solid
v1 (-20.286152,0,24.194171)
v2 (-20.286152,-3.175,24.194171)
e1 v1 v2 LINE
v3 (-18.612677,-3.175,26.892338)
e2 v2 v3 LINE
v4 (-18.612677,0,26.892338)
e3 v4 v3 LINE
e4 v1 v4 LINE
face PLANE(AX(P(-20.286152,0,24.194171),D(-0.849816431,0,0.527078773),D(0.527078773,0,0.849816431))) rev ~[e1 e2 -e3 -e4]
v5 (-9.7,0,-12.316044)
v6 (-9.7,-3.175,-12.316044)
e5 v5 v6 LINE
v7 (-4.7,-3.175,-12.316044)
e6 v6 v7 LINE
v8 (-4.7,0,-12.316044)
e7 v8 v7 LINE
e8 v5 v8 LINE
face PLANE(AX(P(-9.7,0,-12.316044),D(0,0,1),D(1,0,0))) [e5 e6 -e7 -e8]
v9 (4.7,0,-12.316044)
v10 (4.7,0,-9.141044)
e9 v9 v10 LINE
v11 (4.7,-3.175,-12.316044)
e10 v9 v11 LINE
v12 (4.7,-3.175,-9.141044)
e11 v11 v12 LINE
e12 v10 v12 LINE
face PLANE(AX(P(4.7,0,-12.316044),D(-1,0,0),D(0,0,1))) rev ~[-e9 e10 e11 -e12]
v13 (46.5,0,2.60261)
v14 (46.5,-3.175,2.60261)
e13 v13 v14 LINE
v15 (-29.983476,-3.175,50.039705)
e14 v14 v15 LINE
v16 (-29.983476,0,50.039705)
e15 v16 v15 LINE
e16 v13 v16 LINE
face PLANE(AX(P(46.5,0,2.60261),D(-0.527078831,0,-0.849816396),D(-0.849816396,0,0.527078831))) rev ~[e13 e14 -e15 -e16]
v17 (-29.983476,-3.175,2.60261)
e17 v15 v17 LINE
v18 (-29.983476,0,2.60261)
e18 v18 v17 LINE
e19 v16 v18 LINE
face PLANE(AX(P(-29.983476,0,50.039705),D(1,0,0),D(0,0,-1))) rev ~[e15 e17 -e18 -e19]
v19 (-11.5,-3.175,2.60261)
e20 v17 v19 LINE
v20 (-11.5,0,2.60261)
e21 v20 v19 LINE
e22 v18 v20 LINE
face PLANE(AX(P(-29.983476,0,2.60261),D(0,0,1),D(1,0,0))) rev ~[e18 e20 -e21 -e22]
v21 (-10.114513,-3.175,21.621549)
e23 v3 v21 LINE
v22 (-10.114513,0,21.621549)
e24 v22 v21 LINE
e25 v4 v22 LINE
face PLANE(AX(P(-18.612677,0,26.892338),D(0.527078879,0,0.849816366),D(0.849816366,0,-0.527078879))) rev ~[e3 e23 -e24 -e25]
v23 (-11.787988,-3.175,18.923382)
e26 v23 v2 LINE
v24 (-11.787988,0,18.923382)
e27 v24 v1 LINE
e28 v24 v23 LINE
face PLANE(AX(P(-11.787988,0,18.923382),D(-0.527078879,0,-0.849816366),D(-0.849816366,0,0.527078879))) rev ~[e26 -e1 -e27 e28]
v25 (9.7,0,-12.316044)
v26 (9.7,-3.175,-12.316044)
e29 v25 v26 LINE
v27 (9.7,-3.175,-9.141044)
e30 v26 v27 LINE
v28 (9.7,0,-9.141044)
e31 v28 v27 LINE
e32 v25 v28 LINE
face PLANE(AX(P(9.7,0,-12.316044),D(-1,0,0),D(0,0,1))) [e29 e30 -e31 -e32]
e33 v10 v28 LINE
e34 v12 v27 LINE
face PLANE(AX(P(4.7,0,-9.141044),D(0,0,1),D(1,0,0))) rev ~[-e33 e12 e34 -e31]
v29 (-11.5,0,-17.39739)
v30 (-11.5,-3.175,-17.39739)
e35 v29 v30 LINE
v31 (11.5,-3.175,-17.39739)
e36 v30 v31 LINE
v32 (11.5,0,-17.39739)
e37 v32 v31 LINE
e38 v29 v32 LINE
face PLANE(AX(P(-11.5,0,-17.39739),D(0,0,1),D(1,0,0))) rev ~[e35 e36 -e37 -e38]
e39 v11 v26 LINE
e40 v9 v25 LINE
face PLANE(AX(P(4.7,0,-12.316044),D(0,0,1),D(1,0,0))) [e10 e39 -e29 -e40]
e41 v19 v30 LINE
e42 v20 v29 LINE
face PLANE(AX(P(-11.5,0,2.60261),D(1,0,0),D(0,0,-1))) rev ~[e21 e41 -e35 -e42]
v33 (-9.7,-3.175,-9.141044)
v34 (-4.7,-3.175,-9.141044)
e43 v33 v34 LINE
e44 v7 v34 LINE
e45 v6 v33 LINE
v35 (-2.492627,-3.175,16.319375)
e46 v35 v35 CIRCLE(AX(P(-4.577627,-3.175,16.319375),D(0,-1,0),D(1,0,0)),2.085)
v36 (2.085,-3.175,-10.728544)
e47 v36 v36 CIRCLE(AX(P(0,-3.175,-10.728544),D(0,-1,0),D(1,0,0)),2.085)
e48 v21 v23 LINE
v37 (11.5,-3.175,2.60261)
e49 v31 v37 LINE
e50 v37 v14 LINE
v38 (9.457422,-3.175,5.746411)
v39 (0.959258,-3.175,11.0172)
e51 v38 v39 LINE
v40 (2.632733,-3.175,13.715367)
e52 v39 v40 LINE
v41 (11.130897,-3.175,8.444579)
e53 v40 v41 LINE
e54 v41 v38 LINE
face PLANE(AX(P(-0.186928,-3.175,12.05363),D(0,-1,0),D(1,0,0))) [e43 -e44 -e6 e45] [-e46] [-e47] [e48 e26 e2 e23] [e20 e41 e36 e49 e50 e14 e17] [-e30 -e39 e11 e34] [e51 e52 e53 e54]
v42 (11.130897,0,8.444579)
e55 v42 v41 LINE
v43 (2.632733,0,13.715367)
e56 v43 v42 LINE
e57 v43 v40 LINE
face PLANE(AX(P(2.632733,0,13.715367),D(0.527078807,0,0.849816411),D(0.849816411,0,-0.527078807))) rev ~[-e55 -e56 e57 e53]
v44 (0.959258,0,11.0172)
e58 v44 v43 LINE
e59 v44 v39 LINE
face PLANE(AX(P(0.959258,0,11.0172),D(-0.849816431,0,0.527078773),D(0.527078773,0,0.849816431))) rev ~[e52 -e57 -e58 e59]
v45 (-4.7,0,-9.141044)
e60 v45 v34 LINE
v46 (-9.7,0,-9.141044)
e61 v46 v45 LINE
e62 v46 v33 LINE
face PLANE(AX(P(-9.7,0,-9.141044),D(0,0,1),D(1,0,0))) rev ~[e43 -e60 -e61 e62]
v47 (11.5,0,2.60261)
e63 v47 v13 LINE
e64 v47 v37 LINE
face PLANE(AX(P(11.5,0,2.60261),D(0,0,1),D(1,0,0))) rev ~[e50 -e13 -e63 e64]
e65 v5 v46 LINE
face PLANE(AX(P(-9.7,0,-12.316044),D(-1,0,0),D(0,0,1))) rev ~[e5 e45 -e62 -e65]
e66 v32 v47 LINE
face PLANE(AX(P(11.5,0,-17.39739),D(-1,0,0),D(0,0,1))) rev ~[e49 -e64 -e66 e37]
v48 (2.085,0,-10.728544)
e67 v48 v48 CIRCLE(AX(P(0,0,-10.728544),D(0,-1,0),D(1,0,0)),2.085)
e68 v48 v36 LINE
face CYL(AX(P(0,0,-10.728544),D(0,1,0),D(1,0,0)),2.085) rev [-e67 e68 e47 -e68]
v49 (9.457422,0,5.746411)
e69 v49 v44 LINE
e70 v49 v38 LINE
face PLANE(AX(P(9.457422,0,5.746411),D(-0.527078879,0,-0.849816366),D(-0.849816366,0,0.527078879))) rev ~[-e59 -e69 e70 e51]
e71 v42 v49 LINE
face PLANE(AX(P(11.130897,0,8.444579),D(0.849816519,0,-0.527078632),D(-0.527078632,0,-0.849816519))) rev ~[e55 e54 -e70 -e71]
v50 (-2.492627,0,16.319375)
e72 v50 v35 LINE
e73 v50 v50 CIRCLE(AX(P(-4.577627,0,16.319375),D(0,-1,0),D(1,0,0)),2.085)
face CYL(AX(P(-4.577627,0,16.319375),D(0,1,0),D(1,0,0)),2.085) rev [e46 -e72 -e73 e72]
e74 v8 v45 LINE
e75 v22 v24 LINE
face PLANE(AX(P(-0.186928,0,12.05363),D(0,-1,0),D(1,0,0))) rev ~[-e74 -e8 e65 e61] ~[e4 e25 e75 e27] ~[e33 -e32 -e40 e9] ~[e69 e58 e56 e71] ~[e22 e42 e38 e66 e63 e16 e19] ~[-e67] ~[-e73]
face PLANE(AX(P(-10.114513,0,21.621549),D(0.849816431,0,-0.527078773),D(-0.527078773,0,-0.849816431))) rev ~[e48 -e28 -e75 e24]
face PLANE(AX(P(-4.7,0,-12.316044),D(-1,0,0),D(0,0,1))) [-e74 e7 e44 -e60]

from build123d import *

# Parameters (mm, degrees)
F0_W     = 5
F0_H     = 3.175
F0_R     = 2.085
F1_DEPTH = 3.175


with BuildPart() as f1:
    # F0 (on Front) → F1 (new body)
    with BuildSketch(Plane.XZ):
        Polygon((-11.5, -17.39739), (0, -17.39739), (11.5, -17.39739), (11.5, 2.60261), (46.5, 2.60261), (-29.983476, 50.039705), (-29.983476, 2.60261), (-11.5, 2.60261), align=None)
        with Locations((-7.2, -10.728544)):
            Rectangle(F0_W, F0_H, mode=Mode.SUBTRACT)
        with Locations((0, -10.728544)):
            Circle(F0_R, mode=Mode.SUBTRACT)
        with Locations((7.2, -10.728544)):
            Rectangle(F0_W, F0_H, mode=Mode.SUBTRACT)
        with Locations((-4.577627, 16.319375)):
            Circle(F0_R, mode=Mode.SUBTRACT)
        Polygon((9.457422, 5.746411), (0.959258, 11.0172), (2.632733, 13.715367), (11.130897, 8.444579), align=None, mode=Mode.SUBTRACT)
        Polygon((-20.286152, 24.194171), (-18.612677, 26.892338), (-10.114513, 21.621549), (-11.787988, 18.923382), align=None, mode=Mode.SUBTRACT)
    extrude(amount=F1_DEPTH)


solid = f1.part
